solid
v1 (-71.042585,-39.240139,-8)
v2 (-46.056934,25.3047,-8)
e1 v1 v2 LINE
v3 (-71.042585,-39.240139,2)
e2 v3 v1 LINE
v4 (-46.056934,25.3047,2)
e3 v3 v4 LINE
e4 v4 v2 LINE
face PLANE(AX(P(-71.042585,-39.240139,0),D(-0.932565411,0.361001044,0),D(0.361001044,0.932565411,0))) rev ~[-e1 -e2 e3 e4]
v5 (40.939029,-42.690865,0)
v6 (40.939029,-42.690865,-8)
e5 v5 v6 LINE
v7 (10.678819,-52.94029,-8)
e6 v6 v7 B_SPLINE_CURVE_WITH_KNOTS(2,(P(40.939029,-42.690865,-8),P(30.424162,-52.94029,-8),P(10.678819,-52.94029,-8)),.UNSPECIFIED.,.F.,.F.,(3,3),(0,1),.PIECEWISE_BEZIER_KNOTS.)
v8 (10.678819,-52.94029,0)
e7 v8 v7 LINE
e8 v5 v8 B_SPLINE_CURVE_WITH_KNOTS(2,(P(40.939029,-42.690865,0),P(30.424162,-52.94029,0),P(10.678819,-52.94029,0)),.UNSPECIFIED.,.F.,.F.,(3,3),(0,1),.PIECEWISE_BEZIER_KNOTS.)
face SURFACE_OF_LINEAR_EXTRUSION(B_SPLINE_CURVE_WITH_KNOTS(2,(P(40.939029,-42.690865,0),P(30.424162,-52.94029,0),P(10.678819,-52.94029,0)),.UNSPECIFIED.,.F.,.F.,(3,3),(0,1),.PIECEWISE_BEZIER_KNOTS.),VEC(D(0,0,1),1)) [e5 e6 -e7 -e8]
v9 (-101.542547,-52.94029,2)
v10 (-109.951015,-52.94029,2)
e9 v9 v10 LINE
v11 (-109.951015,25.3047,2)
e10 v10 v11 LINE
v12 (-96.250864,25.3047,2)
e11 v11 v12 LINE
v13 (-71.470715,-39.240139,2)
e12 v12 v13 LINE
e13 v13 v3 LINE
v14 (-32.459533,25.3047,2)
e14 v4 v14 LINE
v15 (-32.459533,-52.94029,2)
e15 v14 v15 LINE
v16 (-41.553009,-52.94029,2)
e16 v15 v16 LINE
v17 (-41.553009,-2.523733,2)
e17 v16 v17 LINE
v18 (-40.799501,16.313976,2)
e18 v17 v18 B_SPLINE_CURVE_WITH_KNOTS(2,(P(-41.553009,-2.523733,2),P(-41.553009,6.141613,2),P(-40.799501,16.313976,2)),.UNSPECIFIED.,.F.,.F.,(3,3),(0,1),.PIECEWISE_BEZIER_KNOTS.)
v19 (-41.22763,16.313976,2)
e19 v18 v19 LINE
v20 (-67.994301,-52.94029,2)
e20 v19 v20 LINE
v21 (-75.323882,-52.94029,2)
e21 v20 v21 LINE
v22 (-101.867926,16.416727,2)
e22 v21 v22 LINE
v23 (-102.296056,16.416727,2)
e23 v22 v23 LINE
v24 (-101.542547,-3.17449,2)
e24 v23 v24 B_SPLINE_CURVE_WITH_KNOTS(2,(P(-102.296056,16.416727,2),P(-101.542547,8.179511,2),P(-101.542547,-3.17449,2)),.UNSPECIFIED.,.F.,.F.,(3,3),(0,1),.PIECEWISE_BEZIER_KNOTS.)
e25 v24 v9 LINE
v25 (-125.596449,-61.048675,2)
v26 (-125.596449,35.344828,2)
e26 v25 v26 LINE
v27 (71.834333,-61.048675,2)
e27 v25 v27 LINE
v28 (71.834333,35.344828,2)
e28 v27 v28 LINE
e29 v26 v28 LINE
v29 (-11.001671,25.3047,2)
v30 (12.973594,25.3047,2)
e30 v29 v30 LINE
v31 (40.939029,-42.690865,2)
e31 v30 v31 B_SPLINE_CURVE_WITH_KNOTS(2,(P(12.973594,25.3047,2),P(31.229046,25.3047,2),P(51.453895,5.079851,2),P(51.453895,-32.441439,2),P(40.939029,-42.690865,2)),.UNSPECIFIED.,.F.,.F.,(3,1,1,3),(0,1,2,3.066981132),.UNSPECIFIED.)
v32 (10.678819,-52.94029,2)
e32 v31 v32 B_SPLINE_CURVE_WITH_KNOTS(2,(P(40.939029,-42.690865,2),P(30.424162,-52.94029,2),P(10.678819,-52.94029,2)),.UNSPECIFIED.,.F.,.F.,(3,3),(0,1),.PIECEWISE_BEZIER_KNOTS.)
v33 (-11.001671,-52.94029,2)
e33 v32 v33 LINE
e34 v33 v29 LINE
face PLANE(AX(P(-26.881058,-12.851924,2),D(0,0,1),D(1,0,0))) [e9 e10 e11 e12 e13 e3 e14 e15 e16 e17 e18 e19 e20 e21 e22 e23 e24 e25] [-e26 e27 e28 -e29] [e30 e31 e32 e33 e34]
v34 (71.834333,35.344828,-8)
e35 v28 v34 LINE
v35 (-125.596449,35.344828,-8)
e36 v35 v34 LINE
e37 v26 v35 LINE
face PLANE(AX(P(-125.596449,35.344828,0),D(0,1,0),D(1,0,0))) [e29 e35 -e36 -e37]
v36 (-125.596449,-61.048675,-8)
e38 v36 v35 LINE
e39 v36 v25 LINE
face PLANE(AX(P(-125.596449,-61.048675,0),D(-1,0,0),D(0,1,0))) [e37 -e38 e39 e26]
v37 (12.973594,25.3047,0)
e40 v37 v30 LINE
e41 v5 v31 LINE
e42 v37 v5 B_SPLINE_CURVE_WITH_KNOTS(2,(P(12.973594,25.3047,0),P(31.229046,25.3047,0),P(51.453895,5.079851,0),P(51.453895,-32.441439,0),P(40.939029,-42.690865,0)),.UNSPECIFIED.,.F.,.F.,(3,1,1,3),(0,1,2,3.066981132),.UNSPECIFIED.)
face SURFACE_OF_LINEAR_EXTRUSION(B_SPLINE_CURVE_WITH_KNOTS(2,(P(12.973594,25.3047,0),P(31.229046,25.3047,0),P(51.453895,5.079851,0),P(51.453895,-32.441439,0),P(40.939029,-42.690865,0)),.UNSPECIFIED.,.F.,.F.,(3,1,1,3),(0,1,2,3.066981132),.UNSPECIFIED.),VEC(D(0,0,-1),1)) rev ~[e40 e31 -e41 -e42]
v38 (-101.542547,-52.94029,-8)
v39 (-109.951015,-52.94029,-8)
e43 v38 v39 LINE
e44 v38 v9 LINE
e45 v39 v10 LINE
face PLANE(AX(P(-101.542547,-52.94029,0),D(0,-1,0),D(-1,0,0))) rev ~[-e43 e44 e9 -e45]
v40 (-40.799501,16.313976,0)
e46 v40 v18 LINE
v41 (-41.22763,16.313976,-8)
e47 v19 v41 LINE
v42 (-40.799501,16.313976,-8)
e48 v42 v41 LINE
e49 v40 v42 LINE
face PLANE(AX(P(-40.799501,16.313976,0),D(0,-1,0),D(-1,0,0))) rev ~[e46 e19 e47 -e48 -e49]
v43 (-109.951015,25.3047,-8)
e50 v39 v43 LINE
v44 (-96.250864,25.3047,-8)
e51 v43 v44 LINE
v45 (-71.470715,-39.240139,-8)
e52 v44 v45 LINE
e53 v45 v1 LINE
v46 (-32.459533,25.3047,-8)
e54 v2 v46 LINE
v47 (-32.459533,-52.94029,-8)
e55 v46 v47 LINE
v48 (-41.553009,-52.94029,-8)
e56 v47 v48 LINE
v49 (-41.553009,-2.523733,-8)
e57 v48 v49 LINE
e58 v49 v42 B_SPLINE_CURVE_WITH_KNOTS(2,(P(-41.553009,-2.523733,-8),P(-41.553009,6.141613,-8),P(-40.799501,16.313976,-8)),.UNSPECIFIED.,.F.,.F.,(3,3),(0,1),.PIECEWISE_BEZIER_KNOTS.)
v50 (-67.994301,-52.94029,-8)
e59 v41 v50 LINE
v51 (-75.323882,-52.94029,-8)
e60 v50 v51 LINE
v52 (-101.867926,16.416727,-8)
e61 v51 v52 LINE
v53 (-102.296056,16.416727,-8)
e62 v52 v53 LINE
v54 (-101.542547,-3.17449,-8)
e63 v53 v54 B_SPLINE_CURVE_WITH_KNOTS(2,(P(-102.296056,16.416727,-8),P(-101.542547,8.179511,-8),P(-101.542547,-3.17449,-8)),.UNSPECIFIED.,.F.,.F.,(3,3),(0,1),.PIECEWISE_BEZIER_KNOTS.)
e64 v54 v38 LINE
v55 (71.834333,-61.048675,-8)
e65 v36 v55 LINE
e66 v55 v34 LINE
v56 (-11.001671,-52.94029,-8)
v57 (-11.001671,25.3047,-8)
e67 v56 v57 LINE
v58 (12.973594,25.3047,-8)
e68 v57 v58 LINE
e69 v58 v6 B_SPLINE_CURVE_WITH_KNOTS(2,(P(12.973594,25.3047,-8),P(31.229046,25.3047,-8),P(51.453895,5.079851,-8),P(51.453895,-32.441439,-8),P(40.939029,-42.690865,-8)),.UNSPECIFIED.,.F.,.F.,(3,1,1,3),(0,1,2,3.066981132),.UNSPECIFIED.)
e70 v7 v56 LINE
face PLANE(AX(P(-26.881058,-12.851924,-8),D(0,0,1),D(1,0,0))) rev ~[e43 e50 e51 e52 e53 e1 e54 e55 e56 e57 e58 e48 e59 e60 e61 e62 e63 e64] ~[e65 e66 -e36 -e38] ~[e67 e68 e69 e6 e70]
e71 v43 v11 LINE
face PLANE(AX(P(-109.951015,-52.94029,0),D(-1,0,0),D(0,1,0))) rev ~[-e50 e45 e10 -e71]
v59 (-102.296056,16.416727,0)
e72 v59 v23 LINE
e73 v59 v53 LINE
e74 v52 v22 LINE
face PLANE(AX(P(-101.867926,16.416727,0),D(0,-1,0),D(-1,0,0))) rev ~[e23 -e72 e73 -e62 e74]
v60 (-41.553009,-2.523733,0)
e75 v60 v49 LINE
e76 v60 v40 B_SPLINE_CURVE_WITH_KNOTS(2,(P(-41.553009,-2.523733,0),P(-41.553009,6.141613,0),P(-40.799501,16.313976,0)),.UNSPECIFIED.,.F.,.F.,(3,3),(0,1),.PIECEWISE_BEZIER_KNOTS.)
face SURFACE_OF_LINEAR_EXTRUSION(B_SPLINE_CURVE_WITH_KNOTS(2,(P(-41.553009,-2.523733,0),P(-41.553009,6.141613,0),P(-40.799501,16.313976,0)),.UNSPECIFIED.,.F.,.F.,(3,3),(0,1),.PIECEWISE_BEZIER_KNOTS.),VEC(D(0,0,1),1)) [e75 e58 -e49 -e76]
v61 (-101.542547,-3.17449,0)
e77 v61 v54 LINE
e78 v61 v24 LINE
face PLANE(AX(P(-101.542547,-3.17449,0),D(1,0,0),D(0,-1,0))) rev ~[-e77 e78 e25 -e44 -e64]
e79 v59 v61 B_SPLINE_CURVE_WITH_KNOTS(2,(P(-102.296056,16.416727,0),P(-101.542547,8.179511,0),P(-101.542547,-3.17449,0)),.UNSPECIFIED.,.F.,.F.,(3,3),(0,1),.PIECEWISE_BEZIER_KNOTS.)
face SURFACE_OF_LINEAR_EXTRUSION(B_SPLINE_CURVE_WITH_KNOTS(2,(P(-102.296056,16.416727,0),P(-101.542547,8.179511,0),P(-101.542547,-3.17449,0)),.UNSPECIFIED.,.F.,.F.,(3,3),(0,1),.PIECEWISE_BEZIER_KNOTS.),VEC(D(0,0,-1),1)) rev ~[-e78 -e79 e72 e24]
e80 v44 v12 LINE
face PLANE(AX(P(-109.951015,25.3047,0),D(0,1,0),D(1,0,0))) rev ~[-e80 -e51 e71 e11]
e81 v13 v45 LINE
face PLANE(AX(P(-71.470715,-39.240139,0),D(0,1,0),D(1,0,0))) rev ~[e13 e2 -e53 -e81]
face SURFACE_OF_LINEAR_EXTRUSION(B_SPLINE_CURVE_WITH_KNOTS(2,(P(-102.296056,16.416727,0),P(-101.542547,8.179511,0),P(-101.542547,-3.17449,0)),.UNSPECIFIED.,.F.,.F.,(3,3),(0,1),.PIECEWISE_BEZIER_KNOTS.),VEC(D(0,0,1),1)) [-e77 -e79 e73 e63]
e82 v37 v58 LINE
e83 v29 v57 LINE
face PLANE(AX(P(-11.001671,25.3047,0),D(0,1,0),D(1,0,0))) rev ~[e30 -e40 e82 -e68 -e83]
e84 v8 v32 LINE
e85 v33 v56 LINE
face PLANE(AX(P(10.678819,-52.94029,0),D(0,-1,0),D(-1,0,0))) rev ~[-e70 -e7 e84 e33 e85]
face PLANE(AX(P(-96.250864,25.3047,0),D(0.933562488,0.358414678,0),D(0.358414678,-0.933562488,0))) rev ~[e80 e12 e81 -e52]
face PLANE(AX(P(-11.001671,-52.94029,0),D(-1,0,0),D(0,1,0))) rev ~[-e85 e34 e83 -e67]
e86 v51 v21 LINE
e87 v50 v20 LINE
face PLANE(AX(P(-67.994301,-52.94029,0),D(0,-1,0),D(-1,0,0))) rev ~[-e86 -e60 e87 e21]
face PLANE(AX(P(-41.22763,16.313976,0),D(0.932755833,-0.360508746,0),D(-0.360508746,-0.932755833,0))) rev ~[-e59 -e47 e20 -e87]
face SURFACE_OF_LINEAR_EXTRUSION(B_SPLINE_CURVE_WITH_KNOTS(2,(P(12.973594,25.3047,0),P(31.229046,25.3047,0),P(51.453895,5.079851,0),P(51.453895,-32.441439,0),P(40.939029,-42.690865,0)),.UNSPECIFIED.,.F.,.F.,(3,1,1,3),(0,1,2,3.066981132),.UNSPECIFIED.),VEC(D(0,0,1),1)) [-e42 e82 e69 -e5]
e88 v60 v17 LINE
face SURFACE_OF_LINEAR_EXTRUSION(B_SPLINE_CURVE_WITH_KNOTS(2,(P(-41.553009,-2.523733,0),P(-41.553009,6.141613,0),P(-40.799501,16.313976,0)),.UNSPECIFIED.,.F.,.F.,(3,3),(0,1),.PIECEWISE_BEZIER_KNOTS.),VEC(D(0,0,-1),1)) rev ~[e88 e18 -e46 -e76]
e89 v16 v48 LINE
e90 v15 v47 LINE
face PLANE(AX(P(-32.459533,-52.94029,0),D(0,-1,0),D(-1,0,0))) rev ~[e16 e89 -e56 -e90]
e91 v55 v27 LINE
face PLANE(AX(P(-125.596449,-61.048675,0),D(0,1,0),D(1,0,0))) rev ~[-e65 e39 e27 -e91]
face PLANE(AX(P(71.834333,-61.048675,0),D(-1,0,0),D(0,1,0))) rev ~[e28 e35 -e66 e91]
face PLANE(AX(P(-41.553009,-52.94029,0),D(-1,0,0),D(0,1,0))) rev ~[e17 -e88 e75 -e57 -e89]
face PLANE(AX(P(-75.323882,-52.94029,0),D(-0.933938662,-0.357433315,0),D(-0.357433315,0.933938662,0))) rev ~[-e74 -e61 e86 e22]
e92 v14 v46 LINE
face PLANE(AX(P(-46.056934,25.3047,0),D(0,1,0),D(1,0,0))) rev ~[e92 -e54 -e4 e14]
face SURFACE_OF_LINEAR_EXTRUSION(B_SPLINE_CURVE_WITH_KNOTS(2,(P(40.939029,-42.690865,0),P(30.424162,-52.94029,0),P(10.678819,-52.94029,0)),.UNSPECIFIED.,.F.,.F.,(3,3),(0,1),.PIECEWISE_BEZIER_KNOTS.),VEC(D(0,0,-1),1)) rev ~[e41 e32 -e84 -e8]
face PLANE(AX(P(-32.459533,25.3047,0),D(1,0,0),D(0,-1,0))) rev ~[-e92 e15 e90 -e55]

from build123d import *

# Parameters (mm, degrees)
F0_W     = 197.4307820201
F0_H     = 96.3935032487
F1_DEPTH = 8
F2_DEPTH = 2


with BuildPart() as f1:
    # F0 (on Top) → F1 (new body)
    with BuildSketch(Plane.XY):
        with Locations((-26.8810577691, -12.8519237041)):
            Rectangle(F0_W, F0_H)
        with BuildLine():
            Line((-67.9943013383, -52.9402904212), (-75.3238824077, -52.9402904212))
            Line((-75.3238824077, -52.9402904212), (-101.8679259998, 16.4167267067))
            Line((-101.8679259998, 16.4167267067), (-102.2960557352, 16.4167267067))
            add(Edge.make_bspline(
                [(-102.2960557352, 16.4167267067), (-101.5425474009, 8.1795105984), (-101.5425474009, -3.1744899833)],
                knots=[0, 0, 0, 1, 1, 1], degree=2))
            Line((-101.5425474009, -3.1744899833), (-101.5425474009, -52.9402904212))
            Line((-101.5425474009, -52.9402904212), (-109.9510154034, -52.9402904212))
            Line((-109.9510154034, -52.9402904212), (-109.9510154034, 25.3047000127))
            Line((-109.9510154034, 25.3047000127), (-96.2508638719, 25.3047000127))
            Line((-96.2508638719, 25.3047000127), (-71.4707147894, -39.2401388898))
            Line((-71.4707147894, -39.2401388898), (-71.0425850541, -39.2401388898))
            Line((-71.0425850541, -39.2401388898), (-46.0569336986, 25.3047000127))
            Line((-46.0569336986, 25.3047000127), (-32.4595333037, 25.3047000127))
            Line((-32.4595333037, 25.3047000127), (-32.4595333037, -52.9402904212))
            Line((-32.4595333037, -52.9402904212), (-41.5530088827, -52.9402904212))
            Line((-41.5530088827, -52.9402904212), (-41.5530088827, -2.5237327855))
            add(Edge.make_bspline(
                [(-41.5530088827, -2.5237327855), (-41.5530088827, 6.1416130581), (-40.7995005484, 16.3139755702)],
                knots=[0, 0, 0, 1, 1, 1], degree=2))
            Line((-40.7995005484, 16.3139755702), (-41.2276302838, 16.3139755702))
            Line((-41.2276302838, 16.3139755702), (-67.9943013383, -52.9402904212))
        make_face(mode=Mode.SUBTRACT)
        with BuildLine():
            add(Edge.make_bspline(
                [(41.3414704773, 15.1922756635), (51.4538948264, 5.0798513144), (51.4538948264, -13.0728494648)],
                knots=[0, 0, 0, 1, 1, 1], degree=2))
            add(Edge.make_bspline(
                [(51.4538948264, -13.0728494648), (51.4538948264, -32.4414386923), (40.939028526, -42.6908645568)],
                knots=[0, 0, 0, 1, 1, 1], degree=2))
            add(Edge.make_bspline(
                [(40.939028526, -42.6908645568), (30.4241622256, -52.9402904212), (10.678818831, -52.9402904212)],
                knots=[0, 0, 0, 1, 1, 1], degree=2))
            Line((10.678818831, -52.9402904212), (-11.0016709675, -52.9402904212))
            Line((-11.0016709675, -52.9402904212), (-11.0016709675, 25.3047000127))
            Line((-11.0016709675, 25.3047000127), (12.9735942125, 25.3047000127))
            add(Edge.make_bspline(
                [(12.9735942125, 25.3047000127), (31.2290461281, 25.3047000127), (41.3414704773, 15.1922756635)],
                knots=[0, 0, 0, 1, 1, 1], degree=2))
        make_face(mode=Mode.SUBTRACT)
    extrude(amount=-F1_DEPTH)

    # F0 (on Top) → F2 (join)
    with BuildSketch(Plane.XY):
        with Locations((-26.8810577691, -12.8519237041)):
            Rectangle(F0_W, F0_H)
        with BuildLine():
            Line((-67.9943013383, -52.9402904212), (-75.3238824077, -52.9402904212))
            Line((-75.3238824077, -52.9402904212), (-101.8679259998, 16.4167267067))
            Line((-101.8679259998, 16.4167267067), (-102.2960557352, 16.4167267067))
            add(Edge.make_bspline(
                [(-102.2960557352, 16.4167267067), (-101.5425474009, 8.1795105984), (-101.5425474009, -3.1744899833)],
                knots=[0, 0, 0, 1, 1, 1], degree=2))
            Line((-101.5425474009, -3.1744899833), (-101.5425474009, -52.9402904212))
            Line((-101.5425474009, -52.9402904212), (-109.9510154034, -52.9402904212))
            Line((-109.9510154034, -52.9402904212), (-109.9510154034, 25.3047000127))
            Line((-109.9510154034, 25.3047000127), (-96.2508638719, 25.3047000127))
            Line((-96.2508638719, 25.3047000127), (-71.4707147894, -39.2401388898))
            Line((-71.4707147894, -39.2401388898), (-71.0425850541, -39.2401388898))
            Line((-71.0425850541, -39.2401388898), (-46.0569336986, 25.3047000127))
            Line((-46.0569336986, 25.3047000127), (-32.4595333037, 25.3047000127))
            Line((-32.4595333037, 25.3047000127), (-32.4595333037, -52.9402904212))
            Line((-32.4595333037, -52.9402904212), (-41.5530088827, -52.9402904212))
            Line((-41.5530088827, -52.9402904212), (-41.5530088827, -2.5237327855))
            add(Edge.make_bspline(
                [(-41.5530088827, -2.5237327855), (-41.5530088827, 6.1416130581), (-40.7995005484, 16.3139755702)],
                knots=[0, 0, 0, 1, 1, 1], degree=2))
            Line((-40.7995005484, 16.3139755702), (-41.2276302838, 16.3139755702))
            Line((-41.2276302838, 16.3139755702), (-67.9943013383, -52.9402904212))
        make_face(mode=Mode.SUBTRACT)
        with BuildLine():
            add(Edge.make_bspline(
                [(41.3414704773, 15.1922756635), (51.4538948264, 5.0798513144), (51.4538948264, -13.0728494648)],
                knots=[0, 0, 0, 1, 1, 1], degree=2))
            add(Edge.make_bspline(
                [(51.4538948264, -13.0728494648), (51.4538948264, -32.4414386923), (40.939028526, -42.6908645568)],
                knots=[0, 0, 0, 1, 1, 1], degree=2))
            add(Edge.make_bspline(
                [(40.939028526, -42.6908645568), (30.4241622256, -52.9402904212), (10.678818831, -52.9402904212)],
                knots=[0, 0, 0, 1, 1, 1], degree=2))
            Line((10.678818831, -52.9402904212), (-11.0016709675, -52.9402904212))
            Line((-11.0016709675, -52.9402904212), (-11.0016709675, 25.3047000127))
            Line((-11.0016709675, 25.3047000127), (12.9735942125, 25.3047000127))
            add(Edge.make_bspline(
                [(12.9735942125, 25.3047000127), (31.2290461281, 25.3047000127), (41.3414704773, 15.1922756635)],
                knots=[0, 0, 0, 1, 1, 1], degree=2))
        make_face(mode=Mode.SUBTRACT)
    extrude(amount=F2_DEPTH)


solid = f1.part
